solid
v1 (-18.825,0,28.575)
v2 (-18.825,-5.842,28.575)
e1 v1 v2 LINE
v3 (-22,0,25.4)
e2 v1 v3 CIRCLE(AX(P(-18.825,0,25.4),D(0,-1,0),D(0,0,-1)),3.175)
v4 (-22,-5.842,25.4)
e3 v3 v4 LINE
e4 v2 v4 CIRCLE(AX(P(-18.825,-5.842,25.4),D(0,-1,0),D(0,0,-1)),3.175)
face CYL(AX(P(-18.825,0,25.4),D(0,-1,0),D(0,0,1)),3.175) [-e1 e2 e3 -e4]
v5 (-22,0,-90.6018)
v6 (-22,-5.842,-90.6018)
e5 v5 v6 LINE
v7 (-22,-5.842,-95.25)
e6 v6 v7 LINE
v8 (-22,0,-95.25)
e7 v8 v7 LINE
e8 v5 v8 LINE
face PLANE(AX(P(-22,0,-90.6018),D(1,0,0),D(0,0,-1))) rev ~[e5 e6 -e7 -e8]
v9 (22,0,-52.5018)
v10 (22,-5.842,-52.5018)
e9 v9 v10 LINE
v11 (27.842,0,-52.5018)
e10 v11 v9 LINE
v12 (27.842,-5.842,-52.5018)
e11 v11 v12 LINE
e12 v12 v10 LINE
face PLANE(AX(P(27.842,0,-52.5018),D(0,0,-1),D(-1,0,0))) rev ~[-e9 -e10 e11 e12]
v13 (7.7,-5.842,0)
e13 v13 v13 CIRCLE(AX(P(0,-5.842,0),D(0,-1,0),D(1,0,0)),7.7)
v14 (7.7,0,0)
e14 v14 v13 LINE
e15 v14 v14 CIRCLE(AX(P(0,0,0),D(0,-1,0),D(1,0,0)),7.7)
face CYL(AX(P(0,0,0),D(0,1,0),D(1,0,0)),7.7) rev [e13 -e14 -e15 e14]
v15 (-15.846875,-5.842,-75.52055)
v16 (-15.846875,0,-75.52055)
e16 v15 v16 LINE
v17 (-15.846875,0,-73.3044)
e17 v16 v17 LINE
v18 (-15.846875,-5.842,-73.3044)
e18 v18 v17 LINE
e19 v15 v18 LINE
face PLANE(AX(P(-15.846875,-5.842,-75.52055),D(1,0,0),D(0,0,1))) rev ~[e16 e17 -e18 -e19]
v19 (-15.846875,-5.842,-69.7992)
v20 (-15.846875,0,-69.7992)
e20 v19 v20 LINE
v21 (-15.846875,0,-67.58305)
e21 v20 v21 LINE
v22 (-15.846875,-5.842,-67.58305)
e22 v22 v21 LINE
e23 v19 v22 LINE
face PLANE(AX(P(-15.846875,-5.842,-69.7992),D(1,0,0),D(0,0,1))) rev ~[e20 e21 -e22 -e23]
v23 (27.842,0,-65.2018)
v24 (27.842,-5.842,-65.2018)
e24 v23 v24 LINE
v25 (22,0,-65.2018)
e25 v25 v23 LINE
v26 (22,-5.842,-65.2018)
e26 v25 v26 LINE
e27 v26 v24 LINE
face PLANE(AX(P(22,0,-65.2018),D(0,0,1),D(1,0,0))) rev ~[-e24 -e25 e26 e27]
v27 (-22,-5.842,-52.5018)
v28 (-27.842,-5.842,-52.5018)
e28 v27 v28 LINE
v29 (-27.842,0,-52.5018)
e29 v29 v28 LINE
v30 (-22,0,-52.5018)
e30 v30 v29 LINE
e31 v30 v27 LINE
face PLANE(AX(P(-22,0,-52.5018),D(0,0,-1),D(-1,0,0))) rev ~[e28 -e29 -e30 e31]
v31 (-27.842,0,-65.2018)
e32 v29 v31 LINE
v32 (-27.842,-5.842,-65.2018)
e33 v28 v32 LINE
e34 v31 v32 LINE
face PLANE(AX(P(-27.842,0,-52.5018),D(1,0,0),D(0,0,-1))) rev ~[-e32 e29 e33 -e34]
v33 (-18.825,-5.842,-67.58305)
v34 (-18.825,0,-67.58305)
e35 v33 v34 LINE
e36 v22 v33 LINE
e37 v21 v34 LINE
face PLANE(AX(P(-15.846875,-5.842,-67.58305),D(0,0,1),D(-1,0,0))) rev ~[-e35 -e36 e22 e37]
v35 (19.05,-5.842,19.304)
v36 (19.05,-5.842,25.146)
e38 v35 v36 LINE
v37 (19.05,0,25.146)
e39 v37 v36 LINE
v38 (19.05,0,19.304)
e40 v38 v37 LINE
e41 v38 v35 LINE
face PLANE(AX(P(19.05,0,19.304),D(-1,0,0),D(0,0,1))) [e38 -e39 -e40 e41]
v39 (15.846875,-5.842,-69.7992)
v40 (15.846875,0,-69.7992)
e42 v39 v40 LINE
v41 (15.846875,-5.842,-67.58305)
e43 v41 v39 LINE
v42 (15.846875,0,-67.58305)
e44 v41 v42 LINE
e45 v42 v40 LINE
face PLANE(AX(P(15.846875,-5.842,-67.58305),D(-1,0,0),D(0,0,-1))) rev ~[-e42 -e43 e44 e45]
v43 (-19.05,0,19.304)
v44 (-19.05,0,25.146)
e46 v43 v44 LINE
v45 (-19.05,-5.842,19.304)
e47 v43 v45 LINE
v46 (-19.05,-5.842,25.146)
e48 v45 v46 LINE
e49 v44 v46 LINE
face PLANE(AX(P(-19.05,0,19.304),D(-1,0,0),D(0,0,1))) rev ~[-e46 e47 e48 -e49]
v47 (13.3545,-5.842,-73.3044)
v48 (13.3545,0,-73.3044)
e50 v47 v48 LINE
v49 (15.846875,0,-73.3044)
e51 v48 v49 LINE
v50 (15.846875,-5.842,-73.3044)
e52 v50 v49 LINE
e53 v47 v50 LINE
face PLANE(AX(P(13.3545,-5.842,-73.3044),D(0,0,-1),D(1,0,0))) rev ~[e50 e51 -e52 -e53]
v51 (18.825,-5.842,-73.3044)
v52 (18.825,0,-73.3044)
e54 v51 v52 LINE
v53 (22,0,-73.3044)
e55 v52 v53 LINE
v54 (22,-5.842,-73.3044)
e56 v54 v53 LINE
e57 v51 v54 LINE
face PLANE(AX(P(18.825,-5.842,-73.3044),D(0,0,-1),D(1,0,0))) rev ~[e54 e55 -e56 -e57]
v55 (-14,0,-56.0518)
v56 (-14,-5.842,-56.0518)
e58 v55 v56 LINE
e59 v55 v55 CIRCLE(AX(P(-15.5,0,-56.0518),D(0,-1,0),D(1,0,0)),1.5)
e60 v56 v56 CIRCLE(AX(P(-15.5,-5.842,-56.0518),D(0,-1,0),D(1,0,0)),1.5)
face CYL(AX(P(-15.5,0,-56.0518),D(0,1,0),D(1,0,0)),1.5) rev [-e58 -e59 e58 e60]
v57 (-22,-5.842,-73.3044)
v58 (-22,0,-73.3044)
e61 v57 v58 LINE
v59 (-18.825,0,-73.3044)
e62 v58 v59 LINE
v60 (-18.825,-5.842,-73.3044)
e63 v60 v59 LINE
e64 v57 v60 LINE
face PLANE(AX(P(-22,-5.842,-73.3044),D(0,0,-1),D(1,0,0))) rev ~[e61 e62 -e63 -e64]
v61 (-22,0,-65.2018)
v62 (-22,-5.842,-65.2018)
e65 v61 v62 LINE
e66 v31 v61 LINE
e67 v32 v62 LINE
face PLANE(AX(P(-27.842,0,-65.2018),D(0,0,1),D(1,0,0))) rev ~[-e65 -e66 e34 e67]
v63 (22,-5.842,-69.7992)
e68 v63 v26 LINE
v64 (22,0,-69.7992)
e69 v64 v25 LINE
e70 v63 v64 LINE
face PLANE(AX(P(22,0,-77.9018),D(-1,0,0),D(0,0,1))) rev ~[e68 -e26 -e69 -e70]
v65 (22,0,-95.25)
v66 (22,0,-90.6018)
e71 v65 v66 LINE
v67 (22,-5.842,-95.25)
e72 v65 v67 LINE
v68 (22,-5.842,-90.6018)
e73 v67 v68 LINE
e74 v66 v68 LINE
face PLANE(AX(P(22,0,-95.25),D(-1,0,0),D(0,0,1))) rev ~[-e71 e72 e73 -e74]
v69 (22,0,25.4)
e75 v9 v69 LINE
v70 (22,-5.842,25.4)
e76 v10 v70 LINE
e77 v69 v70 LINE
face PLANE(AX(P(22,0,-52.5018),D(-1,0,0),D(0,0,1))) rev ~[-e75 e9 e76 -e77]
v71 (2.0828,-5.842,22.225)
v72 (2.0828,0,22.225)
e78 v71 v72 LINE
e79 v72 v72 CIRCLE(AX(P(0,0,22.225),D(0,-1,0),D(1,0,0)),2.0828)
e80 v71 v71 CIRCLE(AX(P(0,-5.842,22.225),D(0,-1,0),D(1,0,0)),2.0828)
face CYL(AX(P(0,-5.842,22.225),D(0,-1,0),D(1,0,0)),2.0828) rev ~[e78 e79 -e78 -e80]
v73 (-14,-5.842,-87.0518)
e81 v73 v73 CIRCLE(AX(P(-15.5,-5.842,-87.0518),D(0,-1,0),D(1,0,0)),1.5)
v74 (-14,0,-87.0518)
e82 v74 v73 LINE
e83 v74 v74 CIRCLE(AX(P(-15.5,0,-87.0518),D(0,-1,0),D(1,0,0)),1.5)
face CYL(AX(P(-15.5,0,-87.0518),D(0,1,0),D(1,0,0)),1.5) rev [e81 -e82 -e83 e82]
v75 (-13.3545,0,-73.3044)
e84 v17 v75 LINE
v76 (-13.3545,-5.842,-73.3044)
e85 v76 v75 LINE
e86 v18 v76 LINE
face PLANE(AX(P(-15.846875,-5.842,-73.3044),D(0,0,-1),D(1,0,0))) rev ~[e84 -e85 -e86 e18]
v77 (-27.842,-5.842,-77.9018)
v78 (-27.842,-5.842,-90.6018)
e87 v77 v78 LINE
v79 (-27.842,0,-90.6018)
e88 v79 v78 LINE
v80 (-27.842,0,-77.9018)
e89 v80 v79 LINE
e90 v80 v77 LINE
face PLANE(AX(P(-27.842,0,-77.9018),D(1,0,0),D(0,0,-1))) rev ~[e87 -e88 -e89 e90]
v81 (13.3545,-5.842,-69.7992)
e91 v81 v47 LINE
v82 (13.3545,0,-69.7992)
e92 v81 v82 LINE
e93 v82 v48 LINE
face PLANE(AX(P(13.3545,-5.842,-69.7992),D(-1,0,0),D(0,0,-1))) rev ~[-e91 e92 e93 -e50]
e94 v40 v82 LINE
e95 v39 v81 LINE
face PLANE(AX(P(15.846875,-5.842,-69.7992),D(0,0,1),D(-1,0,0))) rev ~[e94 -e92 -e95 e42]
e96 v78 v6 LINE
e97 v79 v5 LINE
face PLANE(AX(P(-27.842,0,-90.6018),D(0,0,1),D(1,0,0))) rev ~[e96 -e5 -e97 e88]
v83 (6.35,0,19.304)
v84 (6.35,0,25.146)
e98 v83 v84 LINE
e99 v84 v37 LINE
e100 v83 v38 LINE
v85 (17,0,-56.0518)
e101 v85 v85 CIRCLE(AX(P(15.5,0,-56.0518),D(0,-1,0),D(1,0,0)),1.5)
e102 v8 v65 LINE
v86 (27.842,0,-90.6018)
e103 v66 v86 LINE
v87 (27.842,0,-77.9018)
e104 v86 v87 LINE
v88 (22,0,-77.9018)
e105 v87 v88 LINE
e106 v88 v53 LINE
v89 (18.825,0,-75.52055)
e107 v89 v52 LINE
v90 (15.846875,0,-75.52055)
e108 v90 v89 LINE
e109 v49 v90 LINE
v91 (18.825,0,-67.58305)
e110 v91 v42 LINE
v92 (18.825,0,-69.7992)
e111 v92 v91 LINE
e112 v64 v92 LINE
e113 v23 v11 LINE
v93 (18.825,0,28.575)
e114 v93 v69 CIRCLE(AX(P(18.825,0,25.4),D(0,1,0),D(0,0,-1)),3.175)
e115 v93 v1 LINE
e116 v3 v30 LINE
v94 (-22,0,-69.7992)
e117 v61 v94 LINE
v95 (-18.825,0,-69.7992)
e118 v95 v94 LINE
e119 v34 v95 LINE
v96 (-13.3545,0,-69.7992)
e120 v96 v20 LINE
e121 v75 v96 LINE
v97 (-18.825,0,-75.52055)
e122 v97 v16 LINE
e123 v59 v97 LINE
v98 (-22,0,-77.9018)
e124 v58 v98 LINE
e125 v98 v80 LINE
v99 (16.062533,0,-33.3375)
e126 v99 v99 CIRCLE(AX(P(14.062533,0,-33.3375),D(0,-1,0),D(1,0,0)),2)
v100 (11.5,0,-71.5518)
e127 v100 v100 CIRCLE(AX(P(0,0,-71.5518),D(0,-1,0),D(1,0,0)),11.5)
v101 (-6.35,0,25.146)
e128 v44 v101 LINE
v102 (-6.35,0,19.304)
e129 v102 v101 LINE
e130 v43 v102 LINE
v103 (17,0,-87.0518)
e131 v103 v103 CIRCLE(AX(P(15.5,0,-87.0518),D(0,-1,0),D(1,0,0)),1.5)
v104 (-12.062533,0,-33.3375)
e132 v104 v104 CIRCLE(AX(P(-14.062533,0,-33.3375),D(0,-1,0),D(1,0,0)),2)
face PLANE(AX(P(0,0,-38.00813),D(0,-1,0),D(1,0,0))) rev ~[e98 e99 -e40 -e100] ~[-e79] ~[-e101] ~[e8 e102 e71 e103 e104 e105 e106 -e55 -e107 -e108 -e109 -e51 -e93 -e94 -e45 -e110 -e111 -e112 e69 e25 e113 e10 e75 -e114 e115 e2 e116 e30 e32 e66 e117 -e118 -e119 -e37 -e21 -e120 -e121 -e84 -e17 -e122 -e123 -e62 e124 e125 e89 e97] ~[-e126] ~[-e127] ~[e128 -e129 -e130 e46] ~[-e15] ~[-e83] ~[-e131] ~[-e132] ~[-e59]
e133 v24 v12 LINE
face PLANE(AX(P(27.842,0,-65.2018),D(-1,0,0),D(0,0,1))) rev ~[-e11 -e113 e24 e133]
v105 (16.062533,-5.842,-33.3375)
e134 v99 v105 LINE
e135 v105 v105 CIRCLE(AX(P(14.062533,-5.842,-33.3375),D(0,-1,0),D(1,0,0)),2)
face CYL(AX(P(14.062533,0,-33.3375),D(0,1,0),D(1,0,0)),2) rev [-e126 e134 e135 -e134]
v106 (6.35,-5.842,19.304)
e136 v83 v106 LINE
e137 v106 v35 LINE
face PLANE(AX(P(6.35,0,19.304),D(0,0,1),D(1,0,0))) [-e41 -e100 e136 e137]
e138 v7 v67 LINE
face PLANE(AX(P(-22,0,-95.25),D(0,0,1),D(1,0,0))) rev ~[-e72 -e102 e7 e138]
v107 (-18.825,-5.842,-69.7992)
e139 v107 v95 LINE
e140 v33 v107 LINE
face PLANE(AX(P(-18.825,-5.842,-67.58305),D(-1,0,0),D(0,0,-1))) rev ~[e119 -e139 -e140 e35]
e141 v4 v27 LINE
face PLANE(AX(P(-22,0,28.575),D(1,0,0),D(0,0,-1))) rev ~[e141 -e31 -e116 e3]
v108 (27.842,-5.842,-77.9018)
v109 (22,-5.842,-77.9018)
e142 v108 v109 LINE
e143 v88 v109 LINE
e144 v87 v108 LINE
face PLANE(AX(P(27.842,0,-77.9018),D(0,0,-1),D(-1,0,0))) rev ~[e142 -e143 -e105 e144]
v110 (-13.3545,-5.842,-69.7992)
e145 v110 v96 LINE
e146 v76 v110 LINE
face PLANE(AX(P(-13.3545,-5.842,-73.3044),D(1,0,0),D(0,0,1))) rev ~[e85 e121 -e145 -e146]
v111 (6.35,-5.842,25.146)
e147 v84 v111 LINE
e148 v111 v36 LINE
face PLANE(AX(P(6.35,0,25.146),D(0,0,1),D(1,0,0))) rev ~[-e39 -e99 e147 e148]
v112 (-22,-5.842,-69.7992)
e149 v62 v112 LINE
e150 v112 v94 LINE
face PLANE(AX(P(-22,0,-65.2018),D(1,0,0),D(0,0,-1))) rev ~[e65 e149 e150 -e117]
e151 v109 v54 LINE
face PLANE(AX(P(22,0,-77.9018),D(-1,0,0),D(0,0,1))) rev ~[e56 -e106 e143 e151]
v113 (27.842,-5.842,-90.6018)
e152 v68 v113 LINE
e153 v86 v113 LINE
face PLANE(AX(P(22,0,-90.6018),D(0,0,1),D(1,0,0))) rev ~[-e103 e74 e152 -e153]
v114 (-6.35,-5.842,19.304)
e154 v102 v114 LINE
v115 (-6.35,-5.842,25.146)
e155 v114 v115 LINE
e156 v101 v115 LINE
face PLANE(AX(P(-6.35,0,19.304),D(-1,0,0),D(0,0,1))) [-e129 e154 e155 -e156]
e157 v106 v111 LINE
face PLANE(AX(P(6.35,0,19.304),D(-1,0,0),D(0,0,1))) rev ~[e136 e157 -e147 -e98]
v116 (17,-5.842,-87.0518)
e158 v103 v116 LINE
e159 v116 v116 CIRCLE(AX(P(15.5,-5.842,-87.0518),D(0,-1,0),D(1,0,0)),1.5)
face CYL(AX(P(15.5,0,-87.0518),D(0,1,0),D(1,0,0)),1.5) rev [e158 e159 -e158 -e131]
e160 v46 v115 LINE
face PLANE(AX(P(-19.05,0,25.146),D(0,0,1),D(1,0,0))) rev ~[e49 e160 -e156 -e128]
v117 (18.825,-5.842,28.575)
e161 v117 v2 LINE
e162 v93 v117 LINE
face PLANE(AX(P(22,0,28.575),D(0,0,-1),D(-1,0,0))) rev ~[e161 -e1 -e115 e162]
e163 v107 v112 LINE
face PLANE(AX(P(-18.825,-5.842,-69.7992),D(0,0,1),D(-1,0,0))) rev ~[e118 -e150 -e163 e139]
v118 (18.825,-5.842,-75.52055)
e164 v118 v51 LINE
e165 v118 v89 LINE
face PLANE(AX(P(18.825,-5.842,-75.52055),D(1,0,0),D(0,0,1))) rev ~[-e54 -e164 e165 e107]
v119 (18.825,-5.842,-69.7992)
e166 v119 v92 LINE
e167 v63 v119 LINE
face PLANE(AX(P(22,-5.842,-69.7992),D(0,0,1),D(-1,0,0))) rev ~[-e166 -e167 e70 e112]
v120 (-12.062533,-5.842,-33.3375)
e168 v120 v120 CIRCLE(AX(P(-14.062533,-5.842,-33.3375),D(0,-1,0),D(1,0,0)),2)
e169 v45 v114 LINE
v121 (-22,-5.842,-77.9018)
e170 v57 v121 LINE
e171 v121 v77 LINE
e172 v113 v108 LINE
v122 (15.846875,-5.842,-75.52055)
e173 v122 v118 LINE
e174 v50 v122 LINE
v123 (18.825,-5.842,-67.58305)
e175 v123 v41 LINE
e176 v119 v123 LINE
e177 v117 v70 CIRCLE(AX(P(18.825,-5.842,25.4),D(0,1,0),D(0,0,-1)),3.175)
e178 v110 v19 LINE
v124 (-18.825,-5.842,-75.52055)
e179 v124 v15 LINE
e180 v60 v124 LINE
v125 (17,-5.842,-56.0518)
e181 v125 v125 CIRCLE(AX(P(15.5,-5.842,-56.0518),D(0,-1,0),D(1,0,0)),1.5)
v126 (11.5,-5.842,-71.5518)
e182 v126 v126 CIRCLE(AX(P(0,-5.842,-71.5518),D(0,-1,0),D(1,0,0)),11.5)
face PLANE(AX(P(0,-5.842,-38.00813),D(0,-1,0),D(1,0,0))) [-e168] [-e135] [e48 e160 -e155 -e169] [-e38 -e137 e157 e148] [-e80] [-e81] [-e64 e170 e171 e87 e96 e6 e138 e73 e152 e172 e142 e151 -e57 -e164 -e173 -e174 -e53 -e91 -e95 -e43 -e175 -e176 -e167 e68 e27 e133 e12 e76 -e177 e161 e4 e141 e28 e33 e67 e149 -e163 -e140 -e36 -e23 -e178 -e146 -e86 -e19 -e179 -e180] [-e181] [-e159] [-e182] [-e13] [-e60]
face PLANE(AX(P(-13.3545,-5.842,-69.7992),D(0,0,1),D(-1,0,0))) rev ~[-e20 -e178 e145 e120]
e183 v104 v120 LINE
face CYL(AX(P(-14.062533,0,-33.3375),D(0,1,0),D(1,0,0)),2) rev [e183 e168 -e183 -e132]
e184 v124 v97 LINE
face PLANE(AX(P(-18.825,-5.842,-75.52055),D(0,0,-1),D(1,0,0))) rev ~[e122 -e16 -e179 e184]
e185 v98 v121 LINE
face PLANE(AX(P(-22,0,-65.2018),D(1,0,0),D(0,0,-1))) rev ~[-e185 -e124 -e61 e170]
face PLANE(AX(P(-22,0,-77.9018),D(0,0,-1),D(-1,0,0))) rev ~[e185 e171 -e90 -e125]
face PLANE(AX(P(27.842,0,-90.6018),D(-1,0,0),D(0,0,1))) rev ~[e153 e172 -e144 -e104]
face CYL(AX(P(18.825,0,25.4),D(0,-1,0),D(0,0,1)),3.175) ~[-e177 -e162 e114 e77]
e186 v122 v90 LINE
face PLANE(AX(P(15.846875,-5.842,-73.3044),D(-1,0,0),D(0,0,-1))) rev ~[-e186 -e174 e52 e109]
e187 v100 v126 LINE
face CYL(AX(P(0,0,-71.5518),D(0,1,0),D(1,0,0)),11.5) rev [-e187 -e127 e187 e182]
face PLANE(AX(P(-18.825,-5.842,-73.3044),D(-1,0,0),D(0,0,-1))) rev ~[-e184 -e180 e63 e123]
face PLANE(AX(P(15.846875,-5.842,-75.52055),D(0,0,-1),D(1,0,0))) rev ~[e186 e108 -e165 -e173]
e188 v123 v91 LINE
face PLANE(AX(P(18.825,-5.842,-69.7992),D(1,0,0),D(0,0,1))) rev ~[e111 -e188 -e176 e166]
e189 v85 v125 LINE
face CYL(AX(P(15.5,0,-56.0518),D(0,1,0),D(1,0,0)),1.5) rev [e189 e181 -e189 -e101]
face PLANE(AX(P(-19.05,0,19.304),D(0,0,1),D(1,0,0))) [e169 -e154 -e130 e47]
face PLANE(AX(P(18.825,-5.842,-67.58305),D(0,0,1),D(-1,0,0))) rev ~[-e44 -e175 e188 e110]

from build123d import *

# Parameters (mm, degrees)
F0_R     = 1.5
F0_R_2   = 11.5
F0_R_3   = 2
F0_W     = 12.7
F0_H     = 5.842
F0_R_4   = 7.7
F1_DEPTH = 5.842
F2_R     = 3.175
F4_DEPTH = 5.843
F5_R     = 2.0828
F6_DEPTH = 25.4


with BuildPart() as f1:
    # F0 (on Front) → F1 (new body)
    with BuildSketch(Plane.XZ):
        Polygon((22, 28.575), (-22, 28.575), (-22, -52.5018), (-27.842, -52.5018), (-27.842, -65.2018), (-22, -65.2018), (-22, -77.9018), (-27.842, -77.9018), (-27.842, -90.6018), (-22, -90.6018), (-22, -95.25), (22, -95.25), (22, -90.6018), (27.842, -90.6018), (27.842, -77.9018), (22, -77.9018), (22, -65.2018), (27.842, -65.2018), (27.842, -52.5018), (22, -52.5018), align=None)
        with Locations((-15.5, -87.0518)):
            Circle(F0_R, mode=Mode.SUBTRACT)
        with Locations((-15.5, -56.0518)):
            Circle(F0_R, mode=Mode.SUBTRACT)
        with Locations((0, -71.5518)):
            Circle(F0_R_2, mode=Mode.SUBTRACT)
        with Locations((15.5, -87.0518)):
            Circle(F0_R, mode=Mode.SUBTRACT)
        with Locations((15.5, -56.0518)):
            Circle(F0_R, mode=Mode.SUBTRACT)
        with Locations((-14.062533, -33.3375)):
            Circle(F0_R_3, mode=Mode.SUBTRACT)
        with Locations((-12.7, 22.225)):
            Rectangle(F0_W, F0_H, mode=Mode.SUBTRACT)
        with Locations((14.062533, -33.3375)):
            Circle(F0_R_3, mode=Mode.SUBTRACT)
        Circle(F0_R_4, mode=Mode.SUBTRACT)
        with Locations((12.7, 22.225)):
            Rectangle(F0_W, F0_H, mode=Mode.SUBTRACT)
    extrude(amount=F1_DEPTH)

    # F2
    f2_edges = [f1.edges().sort_by_distance(p)[0] for p in [
        (-22, -2.921, 28.575),
        (22, -2.921, 28.575),
    ]]
    fillet(f2_edges, radius=F2_R)

    # F3 (on face) → F4 (cut, through all)
    with BuildSketch(Plane.XZ.offset(5.842)):
        Polygon((-18.825, -69.7992), (-22, -69.7992), (-22, -73.3044), (-18.825, -73.3044), (-18.825, -75.52055), (-15.846875, -75.52055), (-15.846875, -73.3044), (-13.3545, -73.3044), (-13.3545, -69.7992), (-15.846875, -69.7992), (-15.846875, -67.58305), (-18.825, -67.58305), align=None)
        Polygon((22, -73.3044), (22, -69.7992), (18.825, -69.7992), (18.825, -67.58305), (15.846875, -67.58305), (15.846875, -69.7992), (13.3545, -69.7992), (13.3545, -73.3044), (15.846875, -73.3044), (15.846875, -75.52055), (18.825, -75.52055), (18.825, -73.3044), align=None)
    extrude(amount=-F4_DEPTH, mode=Mode.SUBTRACT)

    # F5 (on face) → F6 (cut)
    with BuildSketch(Plane.XZ.offset(5.842)):
        with Locations((0, 22.225)):
            Circle(F5_R)
    extrude(amount=-F6_DEPTH, mode=Mode.SUBTRACT)


solid = f1.part
